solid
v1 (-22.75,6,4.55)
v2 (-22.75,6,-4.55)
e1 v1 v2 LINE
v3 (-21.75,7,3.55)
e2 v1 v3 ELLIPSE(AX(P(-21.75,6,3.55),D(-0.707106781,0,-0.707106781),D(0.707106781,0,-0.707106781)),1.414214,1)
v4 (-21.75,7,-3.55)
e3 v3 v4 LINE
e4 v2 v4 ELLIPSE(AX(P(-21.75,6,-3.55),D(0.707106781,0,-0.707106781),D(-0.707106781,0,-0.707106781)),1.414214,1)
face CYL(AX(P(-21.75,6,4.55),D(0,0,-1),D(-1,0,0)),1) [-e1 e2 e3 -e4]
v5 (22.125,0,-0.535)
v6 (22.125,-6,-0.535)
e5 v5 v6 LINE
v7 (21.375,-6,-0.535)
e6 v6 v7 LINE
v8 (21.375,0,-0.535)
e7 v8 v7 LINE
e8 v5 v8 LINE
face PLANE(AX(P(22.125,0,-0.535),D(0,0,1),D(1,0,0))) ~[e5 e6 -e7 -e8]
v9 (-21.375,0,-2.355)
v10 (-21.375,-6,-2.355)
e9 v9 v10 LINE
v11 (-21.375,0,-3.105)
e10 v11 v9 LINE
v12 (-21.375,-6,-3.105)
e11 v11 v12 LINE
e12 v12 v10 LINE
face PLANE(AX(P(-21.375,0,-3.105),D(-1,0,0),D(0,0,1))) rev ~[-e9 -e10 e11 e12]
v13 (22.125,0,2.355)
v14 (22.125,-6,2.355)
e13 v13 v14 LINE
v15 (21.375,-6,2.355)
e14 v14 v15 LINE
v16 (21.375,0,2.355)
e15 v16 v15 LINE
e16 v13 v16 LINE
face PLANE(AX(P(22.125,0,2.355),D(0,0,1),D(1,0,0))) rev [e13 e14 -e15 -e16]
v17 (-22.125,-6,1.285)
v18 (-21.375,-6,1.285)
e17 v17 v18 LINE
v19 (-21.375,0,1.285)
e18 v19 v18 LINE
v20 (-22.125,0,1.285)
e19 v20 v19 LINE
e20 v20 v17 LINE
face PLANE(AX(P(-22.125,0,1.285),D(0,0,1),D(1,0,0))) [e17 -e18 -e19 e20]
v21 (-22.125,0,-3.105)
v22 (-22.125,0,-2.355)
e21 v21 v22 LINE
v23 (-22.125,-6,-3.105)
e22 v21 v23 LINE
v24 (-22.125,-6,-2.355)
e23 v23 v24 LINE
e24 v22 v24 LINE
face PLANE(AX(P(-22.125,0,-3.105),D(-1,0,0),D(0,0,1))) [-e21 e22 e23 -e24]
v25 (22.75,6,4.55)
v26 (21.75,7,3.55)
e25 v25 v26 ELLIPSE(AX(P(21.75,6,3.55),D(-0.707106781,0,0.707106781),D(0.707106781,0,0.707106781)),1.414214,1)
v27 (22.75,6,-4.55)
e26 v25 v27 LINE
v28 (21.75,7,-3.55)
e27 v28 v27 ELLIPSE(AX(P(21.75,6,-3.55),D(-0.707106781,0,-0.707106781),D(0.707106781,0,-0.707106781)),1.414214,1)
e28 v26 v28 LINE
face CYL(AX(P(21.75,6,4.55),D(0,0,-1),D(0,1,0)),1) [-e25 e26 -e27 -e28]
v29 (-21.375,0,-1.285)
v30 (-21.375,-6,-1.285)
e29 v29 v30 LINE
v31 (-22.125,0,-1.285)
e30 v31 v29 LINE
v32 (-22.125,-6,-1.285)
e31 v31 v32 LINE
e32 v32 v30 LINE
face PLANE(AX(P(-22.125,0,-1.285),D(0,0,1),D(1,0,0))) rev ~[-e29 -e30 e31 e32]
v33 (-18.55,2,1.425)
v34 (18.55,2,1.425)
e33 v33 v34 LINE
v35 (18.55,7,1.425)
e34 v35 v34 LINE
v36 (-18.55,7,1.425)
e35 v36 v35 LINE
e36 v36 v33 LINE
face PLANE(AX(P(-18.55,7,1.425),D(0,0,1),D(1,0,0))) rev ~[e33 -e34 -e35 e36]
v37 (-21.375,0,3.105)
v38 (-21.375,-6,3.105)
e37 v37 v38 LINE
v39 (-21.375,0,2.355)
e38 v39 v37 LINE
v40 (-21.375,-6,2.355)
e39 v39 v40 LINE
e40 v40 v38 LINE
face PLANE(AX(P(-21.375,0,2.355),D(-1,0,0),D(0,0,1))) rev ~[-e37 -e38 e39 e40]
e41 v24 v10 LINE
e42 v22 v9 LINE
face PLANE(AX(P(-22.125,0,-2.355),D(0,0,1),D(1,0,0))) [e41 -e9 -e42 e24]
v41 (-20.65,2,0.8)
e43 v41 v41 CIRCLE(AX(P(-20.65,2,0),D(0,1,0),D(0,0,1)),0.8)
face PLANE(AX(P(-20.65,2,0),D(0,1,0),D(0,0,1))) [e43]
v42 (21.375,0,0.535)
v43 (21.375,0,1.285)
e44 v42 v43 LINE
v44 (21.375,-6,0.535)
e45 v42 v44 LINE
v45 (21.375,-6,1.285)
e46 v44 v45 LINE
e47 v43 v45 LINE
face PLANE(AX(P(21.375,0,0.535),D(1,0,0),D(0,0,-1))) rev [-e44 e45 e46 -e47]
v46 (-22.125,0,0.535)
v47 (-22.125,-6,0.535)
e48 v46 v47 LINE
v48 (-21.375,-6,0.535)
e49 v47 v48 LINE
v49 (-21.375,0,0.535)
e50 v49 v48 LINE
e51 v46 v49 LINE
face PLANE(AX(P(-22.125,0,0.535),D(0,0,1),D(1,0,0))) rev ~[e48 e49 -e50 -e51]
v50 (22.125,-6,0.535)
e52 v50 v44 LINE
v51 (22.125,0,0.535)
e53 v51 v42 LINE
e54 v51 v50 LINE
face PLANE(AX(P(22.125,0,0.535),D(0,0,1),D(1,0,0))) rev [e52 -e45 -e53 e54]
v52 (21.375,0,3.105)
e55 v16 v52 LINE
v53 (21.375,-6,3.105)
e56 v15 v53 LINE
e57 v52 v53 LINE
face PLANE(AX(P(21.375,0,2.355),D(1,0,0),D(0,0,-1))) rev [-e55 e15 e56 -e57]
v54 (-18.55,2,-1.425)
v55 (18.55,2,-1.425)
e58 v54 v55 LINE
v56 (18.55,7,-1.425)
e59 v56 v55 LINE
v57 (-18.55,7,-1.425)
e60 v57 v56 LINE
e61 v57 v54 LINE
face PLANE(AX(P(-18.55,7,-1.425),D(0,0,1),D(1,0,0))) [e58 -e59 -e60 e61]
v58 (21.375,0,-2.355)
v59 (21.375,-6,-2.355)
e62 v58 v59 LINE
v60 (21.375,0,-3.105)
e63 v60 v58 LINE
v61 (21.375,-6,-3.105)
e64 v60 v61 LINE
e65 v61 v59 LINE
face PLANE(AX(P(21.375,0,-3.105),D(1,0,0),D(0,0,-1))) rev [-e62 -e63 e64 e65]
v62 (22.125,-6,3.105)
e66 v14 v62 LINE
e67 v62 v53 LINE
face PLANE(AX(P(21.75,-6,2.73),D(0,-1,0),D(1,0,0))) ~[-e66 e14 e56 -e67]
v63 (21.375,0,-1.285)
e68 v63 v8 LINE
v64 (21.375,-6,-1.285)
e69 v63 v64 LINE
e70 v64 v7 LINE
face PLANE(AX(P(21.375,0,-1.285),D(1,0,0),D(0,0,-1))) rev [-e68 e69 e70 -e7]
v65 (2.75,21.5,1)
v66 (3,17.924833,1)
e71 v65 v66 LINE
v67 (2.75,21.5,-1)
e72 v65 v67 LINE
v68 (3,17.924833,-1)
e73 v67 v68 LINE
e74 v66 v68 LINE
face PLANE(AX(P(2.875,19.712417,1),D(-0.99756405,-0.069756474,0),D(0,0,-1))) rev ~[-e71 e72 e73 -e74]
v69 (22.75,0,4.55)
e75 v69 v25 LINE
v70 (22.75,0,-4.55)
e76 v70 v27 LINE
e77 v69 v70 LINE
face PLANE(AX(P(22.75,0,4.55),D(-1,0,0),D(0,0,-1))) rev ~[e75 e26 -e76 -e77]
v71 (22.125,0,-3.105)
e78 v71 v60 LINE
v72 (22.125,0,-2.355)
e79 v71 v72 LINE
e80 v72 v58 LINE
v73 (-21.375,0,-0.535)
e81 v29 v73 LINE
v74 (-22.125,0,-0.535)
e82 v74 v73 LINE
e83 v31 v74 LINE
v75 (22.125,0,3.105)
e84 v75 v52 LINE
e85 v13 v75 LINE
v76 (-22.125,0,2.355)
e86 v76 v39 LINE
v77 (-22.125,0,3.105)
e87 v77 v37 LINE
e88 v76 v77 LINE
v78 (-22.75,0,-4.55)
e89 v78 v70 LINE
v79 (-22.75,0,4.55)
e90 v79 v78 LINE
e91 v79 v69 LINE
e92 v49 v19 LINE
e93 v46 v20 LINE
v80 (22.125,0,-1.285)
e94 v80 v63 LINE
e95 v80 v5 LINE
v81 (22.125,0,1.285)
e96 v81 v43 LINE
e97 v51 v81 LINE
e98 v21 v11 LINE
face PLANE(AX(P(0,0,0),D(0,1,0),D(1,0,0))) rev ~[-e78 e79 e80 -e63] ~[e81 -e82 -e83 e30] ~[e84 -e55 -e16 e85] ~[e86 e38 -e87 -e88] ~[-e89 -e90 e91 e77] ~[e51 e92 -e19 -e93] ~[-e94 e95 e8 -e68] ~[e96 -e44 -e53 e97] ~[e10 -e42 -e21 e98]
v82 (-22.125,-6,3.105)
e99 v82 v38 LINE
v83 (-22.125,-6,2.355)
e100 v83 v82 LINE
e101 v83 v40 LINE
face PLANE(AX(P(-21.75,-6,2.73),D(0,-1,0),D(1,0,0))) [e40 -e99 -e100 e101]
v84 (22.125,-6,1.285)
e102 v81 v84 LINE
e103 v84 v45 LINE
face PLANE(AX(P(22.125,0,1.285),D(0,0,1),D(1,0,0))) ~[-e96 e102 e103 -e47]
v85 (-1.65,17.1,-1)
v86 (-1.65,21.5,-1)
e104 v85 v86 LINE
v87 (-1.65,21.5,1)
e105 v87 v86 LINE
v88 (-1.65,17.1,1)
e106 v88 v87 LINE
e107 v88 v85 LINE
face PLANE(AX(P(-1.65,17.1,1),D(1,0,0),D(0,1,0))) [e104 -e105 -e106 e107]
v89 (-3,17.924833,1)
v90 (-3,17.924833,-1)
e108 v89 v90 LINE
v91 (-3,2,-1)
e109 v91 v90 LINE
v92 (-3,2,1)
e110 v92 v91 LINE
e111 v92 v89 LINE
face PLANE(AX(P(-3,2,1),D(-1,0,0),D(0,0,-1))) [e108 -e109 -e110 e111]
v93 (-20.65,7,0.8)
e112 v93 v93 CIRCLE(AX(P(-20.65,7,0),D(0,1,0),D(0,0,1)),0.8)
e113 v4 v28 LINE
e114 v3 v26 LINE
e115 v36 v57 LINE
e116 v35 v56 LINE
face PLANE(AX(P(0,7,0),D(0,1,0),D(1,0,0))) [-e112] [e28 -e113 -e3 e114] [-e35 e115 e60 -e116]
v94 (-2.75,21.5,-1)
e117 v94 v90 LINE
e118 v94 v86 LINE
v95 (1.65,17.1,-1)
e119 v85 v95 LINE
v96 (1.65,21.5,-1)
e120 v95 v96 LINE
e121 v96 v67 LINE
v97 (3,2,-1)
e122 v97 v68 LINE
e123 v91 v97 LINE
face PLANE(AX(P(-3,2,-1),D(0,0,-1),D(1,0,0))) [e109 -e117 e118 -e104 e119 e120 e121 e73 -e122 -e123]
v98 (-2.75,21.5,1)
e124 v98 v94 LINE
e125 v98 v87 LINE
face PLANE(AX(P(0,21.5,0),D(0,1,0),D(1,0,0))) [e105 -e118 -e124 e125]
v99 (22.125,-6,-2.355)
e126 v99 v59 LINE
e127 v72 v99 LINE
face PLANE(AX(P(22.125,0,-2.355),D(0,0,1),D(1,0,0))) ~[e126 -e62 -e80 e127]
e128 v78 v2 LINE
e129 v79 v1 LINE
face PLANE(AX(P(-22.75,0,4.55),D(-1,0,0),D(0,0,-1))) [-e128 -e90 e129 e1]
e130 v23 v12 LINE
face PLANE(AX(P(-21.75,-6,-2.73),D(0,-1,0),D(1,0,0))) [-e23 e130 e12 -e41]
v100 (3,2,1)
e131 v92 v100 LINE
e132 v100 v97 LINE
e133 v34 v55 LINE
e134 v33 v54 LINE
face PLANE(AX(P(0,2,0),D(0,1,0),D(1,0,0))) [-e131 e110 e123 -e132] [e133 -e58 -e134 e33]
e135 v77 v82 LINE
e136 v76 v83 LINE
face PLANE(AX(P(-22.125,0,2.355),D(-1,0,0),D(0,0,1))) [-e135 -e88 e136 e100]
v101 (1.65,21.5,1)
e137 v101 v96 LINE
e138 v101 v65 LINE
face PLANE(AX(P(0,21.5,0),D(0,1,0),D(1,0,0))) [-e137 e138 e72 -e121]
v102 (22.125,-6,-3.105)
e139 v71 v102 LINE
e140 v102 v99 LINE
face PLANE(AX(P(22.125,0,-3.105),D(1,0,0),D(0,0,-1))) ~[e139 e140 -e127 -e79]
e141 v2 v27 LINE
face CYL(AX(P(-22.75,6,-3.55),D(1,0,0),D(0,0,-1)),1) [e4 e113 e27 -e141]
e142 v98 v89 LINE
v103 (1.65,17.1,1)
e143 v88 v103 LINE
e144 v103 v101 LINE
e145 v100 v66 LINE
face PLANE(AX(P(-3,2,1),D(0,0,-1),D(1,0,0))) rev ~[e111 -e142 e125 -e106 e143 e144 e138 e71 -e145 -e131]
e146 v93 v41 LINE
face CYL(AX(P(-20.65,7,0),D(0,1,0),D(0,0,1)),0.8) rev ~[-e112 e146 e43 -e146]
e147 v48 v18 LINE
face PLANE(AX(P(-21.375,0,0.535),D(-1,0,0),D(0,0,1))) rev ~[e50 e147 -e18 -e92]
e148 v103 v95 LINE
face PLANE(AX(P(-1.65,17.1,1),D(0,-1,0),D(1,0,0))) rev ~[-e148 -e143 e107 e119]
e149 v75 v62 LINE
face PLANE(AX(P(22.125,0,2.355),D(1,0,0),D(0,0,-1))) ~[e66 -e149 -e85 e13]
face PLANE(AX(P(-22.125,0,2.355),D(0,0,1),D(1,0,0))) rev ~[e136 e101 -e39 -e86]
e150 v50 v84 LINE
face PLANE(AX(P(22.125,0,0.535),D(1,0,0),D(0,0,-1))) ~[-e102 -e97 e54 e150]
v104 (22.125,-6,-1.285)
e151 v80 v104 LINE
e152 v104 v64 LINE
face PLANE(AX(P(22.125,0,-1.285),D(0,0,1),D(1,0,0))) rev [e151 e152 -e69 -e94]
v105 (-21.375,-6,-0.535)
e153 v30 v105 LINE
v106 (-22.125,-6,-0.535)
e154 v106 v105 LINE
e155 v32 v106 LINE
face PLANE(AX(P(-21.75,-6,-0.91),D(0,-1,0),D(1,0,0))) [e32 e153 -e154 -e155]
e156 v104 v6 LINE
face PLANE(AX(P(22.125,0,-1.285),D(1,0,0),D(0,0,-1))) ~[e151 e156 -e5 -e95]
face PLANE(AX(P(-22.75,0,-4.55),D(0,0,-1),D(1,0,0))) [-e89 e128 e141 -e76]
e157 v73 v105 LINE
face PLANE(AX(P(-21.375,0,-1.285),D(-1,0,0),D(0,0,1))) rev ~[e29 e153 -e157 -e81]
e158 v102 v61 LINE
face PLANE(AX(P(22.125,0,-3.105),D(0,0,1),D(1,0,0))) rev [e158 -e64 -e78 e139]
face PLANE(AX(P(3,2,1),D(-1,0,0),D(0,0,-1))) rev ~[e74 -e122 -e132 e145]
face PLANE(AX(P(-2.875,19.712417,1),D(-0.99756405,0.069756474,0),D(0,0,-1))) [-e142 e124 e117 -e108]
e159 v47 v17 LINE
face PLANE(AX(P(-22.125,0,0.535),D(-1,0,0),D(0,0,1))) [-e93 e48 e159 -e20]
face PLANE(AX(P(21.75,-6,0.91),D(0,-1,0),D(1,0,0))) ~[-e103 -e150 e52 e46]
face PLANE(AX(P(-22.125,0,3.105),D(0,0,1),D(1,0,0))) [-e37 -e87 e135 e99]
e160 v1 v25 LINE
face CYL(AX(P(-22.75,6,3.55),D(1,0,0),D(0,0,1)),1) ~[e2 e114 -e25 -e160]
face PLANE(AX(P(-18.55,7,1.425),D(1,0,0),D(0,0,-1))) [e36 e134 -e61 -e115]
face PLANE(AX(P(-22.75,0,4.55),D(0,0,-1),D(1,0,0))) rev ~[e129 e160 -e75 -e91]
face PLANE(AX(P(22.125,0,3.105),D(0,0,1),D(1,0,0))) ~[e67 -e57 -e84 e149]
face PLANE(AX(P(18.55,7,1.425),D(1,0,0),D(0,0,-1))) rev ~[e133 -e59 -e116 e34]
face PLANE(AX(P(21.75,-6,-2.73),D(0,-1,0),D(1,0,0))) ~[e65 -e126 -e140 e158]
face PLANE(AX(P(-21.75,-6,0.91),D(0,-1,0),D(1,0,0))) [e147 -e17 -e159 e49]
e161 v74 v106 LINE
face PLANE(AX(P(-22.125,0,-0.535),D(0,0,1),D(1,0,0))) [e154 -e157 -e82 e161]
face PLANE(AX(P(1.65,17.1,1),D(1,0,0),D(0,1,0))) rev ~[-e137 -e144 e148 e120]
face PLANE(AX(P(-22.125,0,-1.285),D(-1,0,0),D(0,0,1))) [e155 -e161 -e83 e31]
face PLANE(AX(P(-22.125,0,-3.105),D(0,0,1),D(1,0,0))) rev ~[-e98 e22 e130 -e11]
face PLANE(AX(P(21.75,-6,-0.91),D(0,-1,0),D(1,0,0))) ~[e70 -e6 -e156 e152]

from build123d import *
from OCP.BRepFilletAPI import BRepFilletAPI_MakeChamfer

# Parameters (mm, degrees)
SKETCH1_W           = 45.5
SKETCH1_H           = 9.1
BOSS_EXTRUDE1_DEPTH = 7
SKETCH2_W           = 37.1
SKETCH2_H           = 2.85
CUT_EXTRUDE1_DEPTH  = 5
SKETCH3_R           = 0.8
CUT_EXTRUDE2_DEPTH  = 5
FILLET1_R           = 1
SKETCH4_W           = 0.75
SKETCH4_H           = 0.75
BOSS_EXTRUDE2_DEPTH = 6
SKETCH5_W           = 6
SKETCH5_H           = 2
BOSS_EXTRUDE3_DEPTH = 19.5
CUT_EXTRUDE3_REACH  = 33.79
SKETCH6_W           = 3.3
SKETCH6_H           = 4.4
CHAMFER1_SIZE       = 0.25
CHAMFER1_SIZE2      = 3.575166564


with BuildPart() as part:
    # Sketch1 → Boss-Extrude1 (new body)
    with BuildSketch(Plane(origin=(0, 0, 0), x_dir=(1, 0, 0), z_dir=(0, 1, 0))):
        Rectangle(SKETCH1_W, SKETCH1_H)
    extrude(amount=BOSS_EXTRUDE1_DEPTH)

    # Sketch2 → Cut-Extrude1 (cut)
    with BuildSketch(Plane(origin=(0, 7, 0), x_dir=(1, 0, 0), z_dir=(0, 1, 0))):
        Rectangle(SKETCH2_W, SKETCH2_H)
    extrude(amount=-CUT_EXTRUDE1_DEPTH, mode=Mode.SUBTRACT)

    # Sketch3 → Cut-Extrude2 (cut)
    with BuildSketch(Plane(origin=(0, 7, 0), x_dir=(1, 0, 0), z_dir=(0, 1, 0))):
        with Locations(Location((-20.65, 0, 0), (0, 0, 270))):
            Circle(SKETCH3_R)
    extrude(amount=-CUT_EXTRUDE2_DEPTH, mode=Mode.SUBTRACT)

    # Fillet1
    fillet1_edges = [part.edges().sort_by_distance(p)[0] for p in [
        (-22.75, 7, 0),
        (0, 7, 4.55),
        (22.75, 7, 0),
        (0, 7, -4.55),
    ]]
    fillet(fillet1_edges, radius=FILLET1_R)

    # Sketch4 → Boss-Extrude2 (add)
    with BuildSketch(Plane.XZ):
        with Locations((-21.75, 2.73)):
            Rectangle(SKETCH4_W, SKETCH4_H)
        with Locations((-21.75, 0.91)):
            Rectangle(SKETCH4_W, SKETCH4_H)
        with Locations((-21.75, -0.91)):
            Rectangle(SKETCH4_W, SKETCH4_H)
        with Locations((-21.75, -2.73)):
            Rectangle(SKETCH4_W, SKETCH4_H)
    boss_extrude2 = extrude(amount=BOSS_EXTRUDE2_DEPTH)

    # Mirror1: Boss-Extrude2 across plane
    add(boss_extrude2.mirror(Plane(origin=(0, 0, 0), x_dir=(0, 0, 1), z_dir=(1, 0, 0))))

    # Sketch5 → Boss-Extrude3 (add)
    with BuildSketch(Plane(origin=(0, 2, 0), x_dir=(1, 0, 0), z_dir=(0, 1, 0))):
        Rectangle(SKETCH5_W, SKETCH5_H)
    extrude(amount=BOSS_EXTRUDE3_DEPTH)

    # Sketch6 → Cut-Extrude3 (cut, up to next)
    with BuildSketch(Plane.XY.offset(1), mode=Mode.PRIVATE) as cut_extrude3_sk1:
        with Locations((0, 19.3)):
            Rectangle(SKETCH6_W, SKETCH6_H)
    cut_extrude3_tool1 = extrude(cut_extrude3_sk1.sketch, amount=-CUT_EXTRUDE3_REACH, mode=Mode.PRIVATE) & part.part
    add(cut_extrude3_tool1.solids().sort_by_distance((0, 19.3, 1))[0], mode=Mode.SUBTRACT)

    # Chamfer1: one chamfer whose edges measure the first distance from different faces: ONE call of the kernel's chamfer builder (chamfer() names one face for all edges)
    chamfer1_edges_1 = [part.edges().sort_by_distance(p)[0] for p in [
        (-3, 21.5, 0),
    ]]
    chamfer1_side_1 = [part.faces().sort_by_distance(p)[0] for p in [
        (-2.325, 21.5, 0),
    ]]
    chamfer1_edges_2 = [part.edges().sort_by_distance(p)[0] for p in [
        (3, 21.5, 0),
    ]]
    chamfer1_side_2 = [part.faces().sort_by_distance(p)[0] for p in [
        (2.325, 21.5, 0),
    ]]
    chamfer1 = BRepFilletAPI_MakeChamfer(part.part.solid().wrapped)
    for e in chamfer1_edges_1:
        chamfer1.Add(CHAMFER1_SIZE, CHAMFER1_SIZE2, e.wrapped, chamfer1_side_1[0].wrapped)  # the first distance lies on this face
    for e in chamfer1_edges_2:
        chamfer1.Add(CHAMFER1_SIZE, CHAMFER1_SIZE2, e.wrapped, chamfer1_side_2[0].wrapped)  # the first distance lies on this face
    add(Compound.cast(chamfer1.Shape()), mode=Mode.REPLACE)


solid = part.part
